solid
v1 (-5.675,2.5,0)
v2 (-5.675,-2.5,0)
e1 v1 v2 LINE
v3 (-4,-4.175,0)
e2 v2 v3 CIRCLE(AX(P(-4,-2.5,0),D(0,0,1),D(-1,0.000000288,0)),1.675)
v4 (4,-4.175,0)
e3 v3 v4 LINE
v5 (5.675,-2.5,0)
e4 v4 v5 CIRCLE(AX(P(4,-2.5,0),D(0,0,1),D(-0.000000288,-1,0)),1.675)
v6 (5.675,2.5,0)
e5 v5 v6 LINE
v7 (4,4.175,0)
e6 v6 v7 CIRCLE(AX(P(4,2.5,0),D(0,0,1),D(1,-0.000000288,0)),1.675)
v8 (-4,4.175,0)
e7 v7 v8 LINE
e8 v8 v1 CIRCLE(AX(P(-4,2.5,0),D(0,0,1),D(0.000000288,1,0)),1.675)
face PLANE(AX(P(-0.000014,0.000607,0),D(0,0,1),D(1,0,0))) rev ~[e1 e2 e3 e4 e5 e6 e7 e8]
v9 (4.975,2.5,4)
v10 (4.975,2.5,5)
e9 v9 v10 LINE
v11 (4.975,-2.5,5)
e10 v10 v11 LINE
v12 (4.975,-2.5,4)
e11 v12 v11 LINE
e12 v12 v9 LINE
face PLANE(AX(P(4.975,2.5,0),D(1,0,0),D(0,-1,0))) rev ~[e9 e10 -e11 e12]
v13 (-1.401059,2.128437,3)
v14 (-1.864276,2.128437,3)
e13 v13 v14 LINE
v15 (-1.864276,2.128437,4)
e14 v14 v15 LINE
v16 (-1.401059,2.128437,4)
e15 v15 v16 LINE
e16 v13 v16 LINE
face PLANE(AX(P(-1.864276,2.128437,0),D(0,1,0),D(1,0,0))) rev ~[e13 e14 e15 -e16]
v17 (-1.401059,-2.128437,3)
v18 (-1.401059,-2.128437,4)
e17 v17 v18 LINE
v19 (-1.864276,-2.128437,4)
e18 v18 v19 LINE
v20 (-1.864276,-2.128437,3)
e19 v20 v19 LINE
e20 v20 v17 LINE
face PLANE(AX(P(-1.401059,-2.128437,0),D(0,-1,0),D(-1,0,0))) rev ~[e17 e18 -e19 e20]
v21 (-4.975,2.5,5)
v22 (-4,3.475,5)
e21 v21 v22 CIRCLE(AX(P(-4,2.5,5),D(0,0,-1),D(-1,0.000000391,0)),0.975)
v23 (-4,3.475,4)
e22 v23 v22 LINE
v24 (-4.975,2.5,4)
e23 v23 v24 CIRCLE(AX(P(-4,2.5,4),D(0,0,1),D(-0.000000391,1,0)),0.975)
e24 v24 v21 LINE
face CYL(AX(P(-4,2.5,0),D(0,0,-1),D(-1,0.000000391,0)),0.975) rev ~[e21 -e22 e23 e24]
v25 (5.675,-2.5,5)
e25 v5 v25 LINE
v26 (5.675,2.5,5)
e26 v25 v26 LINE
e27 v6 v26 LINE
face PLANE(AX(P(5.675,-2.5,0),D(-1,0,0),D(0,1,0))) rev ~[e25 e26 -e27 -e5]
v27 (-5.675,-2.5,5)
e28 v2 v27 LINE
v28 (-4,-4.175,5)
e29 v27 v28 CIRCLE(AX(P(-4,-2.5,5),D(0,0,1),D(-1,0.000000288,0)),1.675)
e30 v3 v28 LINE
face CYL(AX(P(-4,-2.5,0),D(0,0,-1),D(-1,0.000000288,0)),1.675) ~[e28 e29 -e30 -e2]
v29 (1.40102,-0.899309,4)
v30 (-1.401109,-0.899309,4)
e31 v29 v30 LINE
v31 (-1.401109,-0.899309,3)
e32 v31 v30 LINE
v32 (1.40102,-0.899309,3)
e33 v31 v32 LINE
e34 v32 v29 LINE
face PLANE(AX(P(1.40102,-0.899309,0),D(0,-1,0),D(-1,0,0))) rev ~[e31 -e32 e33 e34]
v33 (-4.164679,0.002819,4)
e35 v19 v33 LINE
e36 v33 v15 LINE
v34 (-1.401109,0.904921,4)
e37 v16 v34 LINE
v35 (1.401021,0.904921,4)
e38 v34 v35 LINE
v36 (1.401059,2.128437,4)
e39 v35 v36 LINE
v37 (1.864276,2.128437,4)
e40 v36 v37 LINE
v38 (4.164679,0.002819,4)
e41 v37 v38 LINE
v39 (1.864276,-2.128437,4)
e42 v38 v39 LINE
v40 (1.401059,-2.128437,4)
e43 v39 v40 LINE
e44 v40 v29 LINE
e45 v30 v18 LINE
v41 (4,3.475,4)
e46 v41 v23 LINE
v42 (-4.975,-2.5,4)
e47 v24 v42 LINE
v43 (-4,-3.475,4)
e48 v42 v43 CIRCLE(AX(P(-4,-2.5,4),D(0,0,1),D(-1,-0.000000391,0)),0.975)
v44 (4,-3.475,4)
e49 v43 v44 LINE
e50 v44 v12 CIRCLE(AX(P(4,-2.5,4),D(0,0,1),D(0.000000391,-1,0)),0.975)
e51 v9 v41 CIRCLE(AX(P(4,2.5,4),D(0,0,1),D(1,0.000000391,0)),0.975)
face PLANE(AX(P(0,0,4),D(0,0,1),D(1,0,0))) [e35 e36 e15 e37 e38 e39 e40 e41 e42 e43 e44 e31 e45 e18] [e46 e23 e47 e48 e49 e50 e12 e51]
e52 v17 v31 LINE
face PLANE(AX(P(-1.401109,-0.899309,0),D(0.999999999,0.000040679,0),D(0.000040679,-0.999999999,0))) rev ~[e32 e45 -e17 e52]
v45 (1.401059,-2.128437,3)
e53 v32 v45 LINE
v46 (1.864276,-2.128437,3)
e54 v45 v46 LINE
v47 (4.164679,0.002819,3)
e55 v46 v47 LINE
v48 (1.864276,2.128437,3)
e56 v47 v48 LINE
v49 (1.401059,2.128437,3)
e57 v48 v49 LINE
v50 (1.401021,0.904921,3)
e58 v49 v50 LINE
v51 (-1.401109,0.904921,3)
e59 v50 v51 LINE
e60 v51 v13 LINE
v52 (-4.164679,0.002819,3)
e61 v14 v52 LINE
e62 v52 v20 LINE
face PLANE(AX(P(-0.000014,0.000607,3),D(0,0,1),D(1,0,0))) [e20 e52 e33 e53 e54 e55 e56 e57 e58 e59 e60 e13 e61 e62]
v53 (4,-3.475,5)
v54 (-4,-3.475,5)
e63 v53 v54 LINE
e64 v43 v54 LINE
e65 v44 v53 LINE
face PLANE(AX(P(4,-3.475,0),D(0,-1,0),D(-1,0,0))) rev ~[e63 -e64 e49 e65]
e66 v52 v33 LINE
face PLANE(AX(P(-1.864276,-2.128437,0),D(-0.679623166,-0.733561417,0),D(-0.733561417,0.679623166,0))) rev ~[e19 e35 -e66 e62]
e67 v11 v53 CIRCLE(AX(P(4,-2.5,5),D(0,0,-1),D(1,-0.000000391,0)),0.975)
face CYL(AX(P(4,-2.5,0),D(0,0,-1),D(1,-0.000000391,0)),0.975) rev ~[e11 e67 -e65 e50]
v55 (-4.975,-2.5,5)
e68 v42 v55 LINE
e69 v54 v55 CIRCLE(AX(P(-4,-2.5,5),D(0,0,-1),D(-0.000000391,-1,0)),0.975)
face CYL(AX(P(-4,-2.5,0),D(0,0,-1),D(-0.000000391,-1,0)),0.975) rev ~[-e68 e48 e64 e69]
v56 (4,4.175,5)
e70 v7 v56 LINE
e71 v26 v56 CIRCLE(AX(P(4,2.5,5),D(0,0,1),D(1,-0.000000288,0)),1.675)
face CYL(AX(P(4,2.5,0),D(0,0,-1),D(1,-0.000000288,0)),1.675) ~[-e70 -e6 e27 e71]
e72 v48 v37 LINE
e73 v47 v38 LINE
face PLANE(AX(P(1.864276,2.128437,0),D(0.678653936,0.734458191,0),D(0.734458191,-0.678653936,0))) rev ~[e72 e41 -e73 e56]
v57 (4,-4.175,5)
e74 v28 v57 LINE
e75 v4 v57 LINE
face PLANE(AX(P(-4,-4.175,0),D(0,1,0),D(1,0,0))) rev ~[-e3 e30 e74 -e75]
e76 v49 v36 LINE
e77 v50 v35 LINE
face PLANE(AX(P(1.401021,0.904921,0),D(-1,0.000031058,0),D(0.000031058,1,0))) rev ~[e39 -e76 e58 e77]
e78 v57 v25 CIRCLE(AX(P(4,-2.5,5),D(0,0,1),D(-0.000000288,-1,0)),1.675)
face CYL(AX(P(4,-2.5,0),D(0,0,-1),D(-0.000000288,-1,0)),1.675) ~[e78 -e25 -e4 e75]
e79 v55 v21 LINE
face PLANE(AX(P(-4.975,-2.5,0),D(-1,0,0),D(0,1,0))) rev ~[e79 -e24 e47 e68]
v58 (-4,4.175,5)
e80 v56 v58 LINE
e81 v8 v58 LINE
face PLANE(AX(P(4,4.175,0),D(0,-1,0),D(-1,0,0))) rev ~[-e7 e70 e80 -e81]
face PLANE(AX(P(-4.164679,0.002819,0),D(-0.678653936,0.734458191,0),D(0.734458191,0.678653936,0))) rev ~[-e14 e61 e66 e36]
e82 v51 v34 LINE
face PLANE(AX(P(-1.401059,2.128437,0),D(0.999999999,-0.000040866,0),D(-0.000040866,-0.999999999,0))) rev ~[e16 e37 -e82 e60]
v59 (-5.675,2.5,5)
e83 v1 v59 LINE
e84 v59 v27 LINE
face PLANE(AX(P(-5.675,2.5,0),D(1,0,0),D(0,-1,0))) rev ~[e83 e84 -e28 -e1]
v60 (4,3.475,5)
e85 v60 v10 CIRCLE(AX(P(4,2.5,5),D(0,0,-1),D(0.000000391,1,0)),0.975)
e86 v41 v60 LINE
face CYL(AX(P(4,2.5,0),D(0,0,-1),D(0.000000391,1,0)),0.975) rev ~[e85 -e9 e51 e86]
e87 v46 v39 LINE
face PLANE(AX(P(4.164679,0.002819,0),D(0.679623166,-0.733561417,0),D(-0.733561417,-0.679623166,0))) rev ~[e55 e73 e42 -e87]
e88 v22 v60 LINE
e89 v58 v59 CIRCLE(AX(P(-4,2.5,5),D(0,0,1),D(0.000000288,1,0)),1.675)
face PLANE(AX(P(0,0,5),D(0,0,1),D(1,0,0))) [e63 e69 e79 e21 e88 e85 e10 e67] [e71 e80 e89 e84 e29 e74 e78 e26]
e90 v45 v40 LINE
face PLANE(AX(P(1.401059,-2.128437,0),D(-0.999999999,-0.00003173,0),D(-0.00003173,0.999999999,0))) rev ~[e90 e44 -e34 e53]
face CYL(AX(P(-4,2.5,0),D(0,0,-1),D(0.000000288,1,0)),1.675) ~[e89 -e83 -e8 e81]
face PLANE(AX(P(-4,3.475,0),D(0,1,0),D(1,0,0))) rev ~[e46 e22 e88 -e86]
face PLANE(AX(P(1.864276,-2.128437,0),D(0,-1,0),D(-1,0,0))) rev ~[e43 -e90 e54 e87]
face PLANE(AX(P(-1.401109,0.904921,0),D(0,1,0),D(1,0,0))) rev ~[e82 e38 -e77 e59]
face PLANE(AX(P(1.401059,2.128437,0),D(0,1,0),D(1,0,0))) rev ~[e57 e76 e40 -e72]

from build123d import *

# Parameters (mm, degrees)
F1_DEPTH = 5
F2_DEPTH = 4
F3_DEPTH = 3


with BuildPart() as f1:
    # F0 (on Top) → F1 (new body)
    with BuildSketch(Plane.XY):
        with BuildLine():
            Line((-4, -4.175), (4, -4.175))
            ThreePointArc((4, -4.175), (5.184404, -3.684404), (5.675, -2.5))
            Line((5.675, -2.5), (5.675, 2.5))
            ThreePointArc((5.675, 2.5), (5.184404, 3.684404), (4, 4.175))
            Line((4, 4.175), (-4, 4.175))
            ThreePointArc((-4, 4.175), (-5.184404, 3.684404), (-5.675, 2.5))
            Line((-5.675, 2.5), (-5.675, -2.5))
            ThreePointArc((-5.675, -2.5), (-5.184404, -3.684404), (-4, -4.175))
        make_face()
        with BuildLine():
            ThreePointArc((4.975, -2.5), (4.689429, -3.189429), (4, -3.475))
            Line((4, -3.475), (-4, -3.475))
            ThreePointArc((-4, -3.475), (-4.689429, -3.189429), (-4.975, -2.5))
            Line((-4.975, -2.5), (-4.975, 2.5))
            ThreePointArc((-4.975, 2.5), (-4.689429, 3.189429), (-4, 3.475))
            Line((-4, 3.475), (4, 3.475))
            ThreePointArc((4, 3.475), (4.689429, 3.189429), (4.975, 2.5))
            Line((4.975, 2.5), (4.975, -2.5))
        make_face(mode=Mode.SUBTRACT)
    extrude(amount=F1_DEPTH)

    # F0 (on Top) → F2 (join)
    with BuildSketch(Plane.XY):
        with BuildLine():
            Line((-4, -3.475), (4, -3.475))
            ThreePointArc((4, -3.475), (4.689429, -3.189429), (4.975, -2.5))
            Line((4.975, -2.5), (4.975, 2.5))
            ThreePointArc((4.975, 2.5), (4.689429, 3.189429), (4, 3.475))
            Line((4, 3.475), (-4, 3.475))
            ThreePointArc((-4, 3.475), (-4.689429, 3.189429), (-4.975, 2.5))
            Line((-4.975, 2.5), (-4.975, -2.5))
            ThreePointArc((-4.975, -2.5), (-4.689429, -3.189429), (-4, -3.475))
        make_face()
        Polygon((-1.401109, -0.899309), (-1.401059, -2.128437), (-1.864276, -2.128437), (-4.164679, 0.002819), (-1.864276, 2.128437), (-1.401059, 2.128437), (-1.401109, 0.904921), (1.401021, 0.904921), (1.401059, 2.128437), (1.864276, 2.128437), (4.164679, 0.002819), (1.864276, -2.128437), (1.401059, -2.128437), (1.40102, -0.899309), align=None, mode=Mode.SUBTRACT)
    extrude(amount=F2_DEPTH)

    # F0 (on Top) → F3 (join)
    with BuildSketch(Plane.XY):
        Polygon((-1.864276, -2.128437), (-1.401059, -2.128437), (-1.401109, -0.899309), (1.40102, -0.899309), (1.401059, -2.128437), (1.864276, -2.128437), (4.164679, 0.002819), (1.864276, 2.128437), (1.401059, 2.128437), (1.401021, 0.904921), (-1.401109, 0.904921), (-1.401059, 2.128437), (-1.864276, 2.128437), (-4.164679, 0.002819), align=None)
    extrude(amount=F3_DEPTH)


solid = f1.part
